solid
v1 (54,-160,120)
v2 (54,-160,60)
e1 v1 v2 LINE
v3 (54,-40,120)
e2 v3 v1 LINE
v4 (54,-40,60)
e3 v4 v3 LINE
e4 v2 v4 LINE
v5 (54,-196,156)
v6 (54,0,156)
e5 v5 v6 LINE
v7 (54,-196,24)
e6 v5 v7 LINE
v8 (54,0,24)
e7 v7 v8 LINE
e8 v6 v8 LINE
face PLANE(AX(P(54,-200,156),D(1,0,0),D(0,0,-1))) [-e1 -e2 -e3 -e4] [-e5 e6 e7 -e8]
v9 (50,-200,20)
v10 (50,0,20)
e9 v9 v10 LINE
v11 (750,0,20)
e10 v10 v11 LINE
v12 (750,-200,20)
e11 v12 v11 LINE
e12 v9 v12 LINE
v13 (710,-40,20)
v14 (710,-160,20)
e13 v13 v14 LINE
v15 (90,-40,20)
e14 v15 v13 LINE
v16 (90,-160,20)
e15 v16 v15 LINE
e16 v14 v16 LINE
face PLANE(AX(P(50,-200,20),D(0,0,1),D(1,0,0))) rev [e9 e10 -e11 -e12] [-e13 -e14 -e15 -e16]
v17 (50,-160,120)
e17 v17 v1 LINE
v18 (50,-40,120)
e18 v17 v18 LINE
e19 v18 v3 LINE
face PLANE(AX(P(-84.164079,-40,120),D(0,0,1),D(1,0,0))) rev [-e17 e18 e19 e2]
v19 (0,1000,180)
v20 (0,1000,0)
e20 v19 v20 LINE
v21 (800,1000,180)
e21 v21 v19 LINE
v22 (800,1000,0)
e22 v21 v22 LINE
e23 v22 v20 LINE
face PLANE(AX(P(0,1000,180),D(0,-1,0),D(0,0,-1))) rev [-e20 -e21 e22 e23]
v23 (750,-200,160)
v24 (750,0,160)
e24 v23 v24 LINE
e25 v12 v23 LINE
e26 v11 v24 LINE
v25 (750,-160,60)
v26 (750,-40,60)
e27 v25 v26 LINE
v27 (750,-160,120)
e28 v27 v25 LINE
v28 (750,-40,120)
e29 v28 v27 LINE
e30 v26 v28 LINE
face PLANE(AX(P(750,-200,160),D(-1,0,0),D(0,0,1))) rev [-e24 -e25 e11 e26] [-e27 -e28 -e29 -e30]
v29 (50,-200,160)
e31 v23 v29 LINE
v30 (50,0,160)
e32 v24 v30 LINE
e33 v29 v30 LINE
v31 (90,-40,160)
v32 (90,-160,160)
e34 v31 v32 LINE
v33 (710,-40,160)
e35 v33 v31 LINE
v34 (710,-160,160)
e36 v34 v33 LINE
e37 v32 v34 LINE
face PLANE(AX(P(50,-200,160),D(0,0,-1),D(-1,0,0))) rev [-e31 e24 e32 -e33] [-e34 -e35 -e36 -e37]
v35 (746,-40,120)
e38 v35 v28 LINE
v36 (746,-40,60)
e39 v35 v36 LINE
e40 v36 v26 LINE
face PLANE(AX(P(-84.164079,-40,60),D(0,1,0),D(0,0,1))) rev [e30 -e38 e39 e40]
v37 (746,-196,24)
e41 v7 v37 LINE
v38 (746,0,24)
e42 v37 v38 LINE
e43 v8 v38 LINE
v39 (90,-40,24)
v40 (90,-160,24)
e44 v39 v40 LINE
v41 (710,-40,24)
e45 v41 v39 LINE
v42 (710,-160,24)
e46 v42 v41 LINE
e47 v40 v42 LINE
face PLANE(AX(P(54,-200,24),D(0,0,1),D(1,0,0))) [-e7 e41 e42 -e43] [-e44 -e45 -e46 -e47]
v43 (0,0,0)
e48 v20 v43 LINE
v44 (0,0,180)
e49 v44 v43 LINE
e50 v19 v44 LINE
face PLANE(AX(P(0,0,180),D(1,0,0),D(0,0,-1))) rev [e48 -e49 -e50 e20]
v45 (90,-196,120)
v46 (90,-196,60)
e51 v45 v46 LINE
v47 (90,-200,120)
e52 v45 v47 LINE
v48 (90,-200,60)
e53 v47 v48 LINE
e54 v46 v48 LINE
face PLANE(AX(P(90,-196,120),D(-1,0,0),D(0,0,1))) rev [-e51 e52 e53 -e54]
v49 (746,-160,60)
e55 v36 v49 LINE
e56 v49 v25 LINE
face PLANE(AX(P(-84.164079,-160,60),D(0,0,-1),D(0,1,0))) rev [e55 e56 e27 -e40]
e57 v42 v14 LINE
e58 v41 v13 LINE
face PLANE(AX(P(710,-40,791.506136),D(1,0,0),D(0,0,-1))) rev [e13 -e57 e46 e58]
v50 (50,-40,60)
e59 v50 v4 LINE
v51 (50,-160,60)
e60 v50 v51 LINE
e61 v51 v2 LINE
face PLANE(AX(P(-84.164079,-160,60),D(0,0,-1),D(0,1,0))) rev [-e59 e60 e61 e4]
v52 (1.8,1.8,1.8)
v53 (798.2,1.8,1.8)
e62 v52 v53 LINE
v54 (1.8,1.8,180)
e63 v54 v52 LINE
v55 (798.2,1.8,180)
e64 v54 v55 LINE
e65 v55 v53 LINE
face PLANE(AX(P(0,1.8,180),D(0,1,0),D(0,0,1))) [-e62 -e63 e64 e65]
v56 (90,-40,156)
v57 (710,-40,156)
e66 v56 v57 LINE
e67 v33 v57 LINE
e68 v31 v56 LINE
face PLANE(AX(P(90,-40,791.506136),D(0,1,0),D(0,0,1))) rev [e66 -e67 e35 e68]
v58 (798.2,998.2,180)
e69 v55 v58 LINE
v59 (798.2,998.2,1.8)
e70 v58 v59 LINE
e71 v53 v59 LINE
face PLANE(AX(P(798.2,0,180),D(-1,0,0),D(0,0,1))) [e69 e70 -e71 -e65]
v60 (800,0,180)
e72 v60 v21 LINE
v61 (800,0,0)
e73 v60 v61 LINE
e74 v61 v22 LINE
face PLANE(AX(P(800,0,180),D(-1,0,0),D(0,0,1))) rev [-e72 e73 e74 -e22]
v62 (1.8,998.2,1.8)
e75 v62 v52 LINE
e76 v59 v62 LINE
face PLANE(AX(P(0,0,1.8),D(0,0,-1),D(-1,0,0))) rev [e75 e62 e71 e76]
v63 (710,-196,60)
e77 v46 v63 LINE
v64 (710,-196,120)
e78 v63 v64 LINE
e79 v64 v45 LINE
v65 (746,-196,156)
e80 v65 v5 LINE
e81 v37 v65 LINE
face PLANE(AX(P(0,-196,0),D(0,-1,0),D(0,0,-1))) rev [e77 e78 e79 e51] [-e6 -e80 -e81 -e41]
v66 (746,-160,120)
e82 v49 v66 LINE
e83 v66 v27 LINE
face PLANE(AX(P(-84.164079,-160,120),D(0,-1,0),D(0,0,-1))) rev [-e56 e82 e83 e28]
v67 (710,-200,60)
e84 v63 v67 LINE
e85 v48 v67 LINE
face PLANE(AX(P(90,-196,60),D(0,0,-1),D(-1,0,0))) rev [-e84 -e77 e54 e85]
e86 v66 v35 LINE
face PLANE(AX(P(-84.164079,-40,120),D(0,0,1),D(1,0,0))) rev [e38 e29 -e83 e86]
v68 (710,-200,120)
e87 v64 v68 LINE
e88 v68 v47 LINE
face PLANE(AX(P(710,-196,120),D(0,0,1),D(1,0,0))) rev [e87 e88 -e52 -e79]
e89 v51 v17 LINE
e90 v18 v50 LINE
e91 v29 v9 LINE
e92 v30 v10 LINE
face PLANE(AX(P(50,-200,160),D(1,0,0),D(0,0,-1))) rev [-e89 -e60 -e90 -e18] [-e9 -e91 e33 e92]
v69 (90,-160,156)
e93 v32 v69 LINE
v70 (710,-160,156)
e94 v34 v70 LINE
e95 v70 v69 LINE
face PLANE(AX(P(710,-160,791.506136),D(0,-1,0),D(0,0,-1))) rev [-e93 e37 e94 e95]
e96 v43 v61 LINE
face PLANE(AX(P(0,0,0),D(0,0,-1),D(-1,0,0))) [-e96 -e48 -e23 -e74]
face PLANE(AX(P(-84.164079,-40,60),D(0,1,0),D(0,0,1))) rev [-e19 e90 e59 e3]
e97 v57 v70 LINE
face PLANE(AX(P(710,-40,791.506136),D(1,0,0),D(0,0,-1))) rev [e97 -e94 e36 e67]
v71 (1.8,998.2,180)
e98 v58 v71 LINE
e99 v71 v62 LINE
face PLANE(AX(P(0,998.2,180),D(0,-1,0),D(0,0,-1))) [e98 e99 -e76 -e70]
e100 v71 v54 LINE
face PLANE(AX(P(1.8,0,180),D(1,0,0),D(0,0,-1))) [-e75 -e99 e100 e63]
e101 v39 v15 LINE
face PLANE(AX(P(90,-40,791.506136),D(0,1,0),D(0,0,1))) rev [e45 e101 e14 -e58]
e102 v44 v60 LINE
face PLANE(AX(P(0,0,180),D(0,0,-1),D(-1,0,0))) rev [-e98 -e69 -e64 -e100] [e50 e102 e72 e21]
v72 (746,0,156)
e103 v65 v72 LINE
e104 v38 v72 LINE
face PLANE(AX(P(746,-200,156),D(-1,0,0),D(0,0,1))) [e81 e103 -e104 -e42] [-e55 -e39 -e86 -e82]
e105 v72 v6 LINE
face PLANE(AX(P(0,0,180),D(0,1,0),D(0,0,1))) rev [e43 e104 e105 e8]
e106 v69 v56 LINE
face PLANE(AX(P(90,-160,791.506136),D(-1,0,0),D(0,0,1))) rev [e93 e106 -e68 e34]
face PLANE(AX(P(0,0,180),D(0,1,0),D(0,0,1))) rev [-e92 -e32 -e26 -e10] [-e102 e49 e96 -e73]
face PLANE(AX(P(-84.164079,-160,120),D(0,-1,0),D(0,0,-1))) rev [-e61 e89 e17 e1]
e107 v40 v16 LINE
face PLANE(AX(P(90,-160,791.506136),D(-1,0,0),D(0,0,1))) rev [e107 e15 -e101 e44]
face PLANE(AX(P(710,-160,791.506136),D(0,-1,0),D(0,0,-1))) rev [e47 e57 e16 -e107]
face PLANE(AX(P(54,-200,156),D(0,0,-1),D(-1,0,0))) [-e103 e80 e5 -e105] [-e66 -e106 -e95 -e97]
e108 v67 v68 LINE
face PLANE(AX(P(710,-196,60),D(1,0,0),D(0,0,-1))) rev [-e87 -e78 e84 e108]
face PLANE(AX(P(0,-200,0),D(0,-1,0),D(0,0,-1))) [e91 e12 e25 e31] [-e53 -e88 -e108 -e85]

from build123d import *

# Parameters (mm, degrees)
SKETCH_1_W          = 800
SKETCH_1_H          = 1000
EXTRUDE_1_DEPTH     = 180
SHELL_1_T           = -1.8
SKETCH_2_W          = 700
SKETCH_2_H          = 140
SKETCH_2_W_2        = 692
SKETCH_2_H_2        = 132
EXTRUDE_2_DEPTH     = 200
SKETCH_3_W          = 700
SKETCH_3_H          = 140
SKETCH_3_W_2        = 620
SKETCH_3_H_2        = 60
EXTRUDE_3_DEPTH     = 4
SKETCH_4_W          = 620
SKETCH_4_H          = 120
CUT_EXTRUDE_1_DEPTH = 140
SKETCH_5_W          = 60
SKETCH_5_H          = 120
CUT_EXTRUDE_2_DEPTH = 700


with BuildPart() as part:
    # 草图1 → 凸台-拉伸1 (new body)
    with BuildSketch(Plane.XY):
        with Locations((400, 500)):
            Rectangle(SKETCH_1_W, SKETCH_1_H)
    extrude(amount=EXTRUDE_1_DEPTH)

    # 抽壳1
    shell_1_openings = [part.faces().sort_by_distance(p)[0] for p in [
        (400, 500, 180),
    ]]
    offset(amount=SHELL_1_T, openings=shell_1_openings, kind=Kind.INTERSECTION)

    # 草图2 → 凸台-拉伸2 (add)
    with BuildSketch(Plane.XZ):
        with Locations((400, 90)):
            Rectangle(SKETCH_2_W, SKETCH_2_H)
        with Locations((400, 90)):
            Rectangle(SKETCH_2_W_2, SKETCH_2_H_2, mode=Mode.SUBTRACT)
    extrude(amount=EXTRUDE_2_DEPTH)

    # 草图3 → 凸台-拉伸3 (add)
    with BuildSketch(Plane.XZ.offset(200)):
        with Locations((400, 90)):
            Rectangle(SKETCH_3_W, SKETCH_3_H)
        with Locations((400, 90)):
            Rectangle(SKETCH_3_W_2, SKETCH_3_H_2, mode=Mode.SUBTRACT)
    extrude(amount=-EXTRUDE_3_DEPTH)

    # 草图4 → 切除-拉伸1 (cut)
    with BuildSketch(Plane(origin=(0, 0, 20), x_dir=(-1, 0, 0), z_dir=(0, 0, -1))):
        with Locations((-400, -100)):
            Rectangle(SKETCH_4_W, SKETCH_4_H)
    extrude(amount=-CUT_EXTRUDE_1_DEPTH, mode=Mode.SUBTRACT)

    # 草图5 → 切除-拉伸2 (cut)
    with BuildSketch(Plane(origin=(750, 0, 0), x_dir=(0, 0, -1), z_dir=(1, 0, 0))):
        with Locations((-90, -100)):
            Rectangle(SKETCH_5_W, SKETCH_5_H)
    extrude(amount=-CUT_EXTRUDE_2_DEPTH, mode=Mode.SUBTRACT)


solid = part.part
